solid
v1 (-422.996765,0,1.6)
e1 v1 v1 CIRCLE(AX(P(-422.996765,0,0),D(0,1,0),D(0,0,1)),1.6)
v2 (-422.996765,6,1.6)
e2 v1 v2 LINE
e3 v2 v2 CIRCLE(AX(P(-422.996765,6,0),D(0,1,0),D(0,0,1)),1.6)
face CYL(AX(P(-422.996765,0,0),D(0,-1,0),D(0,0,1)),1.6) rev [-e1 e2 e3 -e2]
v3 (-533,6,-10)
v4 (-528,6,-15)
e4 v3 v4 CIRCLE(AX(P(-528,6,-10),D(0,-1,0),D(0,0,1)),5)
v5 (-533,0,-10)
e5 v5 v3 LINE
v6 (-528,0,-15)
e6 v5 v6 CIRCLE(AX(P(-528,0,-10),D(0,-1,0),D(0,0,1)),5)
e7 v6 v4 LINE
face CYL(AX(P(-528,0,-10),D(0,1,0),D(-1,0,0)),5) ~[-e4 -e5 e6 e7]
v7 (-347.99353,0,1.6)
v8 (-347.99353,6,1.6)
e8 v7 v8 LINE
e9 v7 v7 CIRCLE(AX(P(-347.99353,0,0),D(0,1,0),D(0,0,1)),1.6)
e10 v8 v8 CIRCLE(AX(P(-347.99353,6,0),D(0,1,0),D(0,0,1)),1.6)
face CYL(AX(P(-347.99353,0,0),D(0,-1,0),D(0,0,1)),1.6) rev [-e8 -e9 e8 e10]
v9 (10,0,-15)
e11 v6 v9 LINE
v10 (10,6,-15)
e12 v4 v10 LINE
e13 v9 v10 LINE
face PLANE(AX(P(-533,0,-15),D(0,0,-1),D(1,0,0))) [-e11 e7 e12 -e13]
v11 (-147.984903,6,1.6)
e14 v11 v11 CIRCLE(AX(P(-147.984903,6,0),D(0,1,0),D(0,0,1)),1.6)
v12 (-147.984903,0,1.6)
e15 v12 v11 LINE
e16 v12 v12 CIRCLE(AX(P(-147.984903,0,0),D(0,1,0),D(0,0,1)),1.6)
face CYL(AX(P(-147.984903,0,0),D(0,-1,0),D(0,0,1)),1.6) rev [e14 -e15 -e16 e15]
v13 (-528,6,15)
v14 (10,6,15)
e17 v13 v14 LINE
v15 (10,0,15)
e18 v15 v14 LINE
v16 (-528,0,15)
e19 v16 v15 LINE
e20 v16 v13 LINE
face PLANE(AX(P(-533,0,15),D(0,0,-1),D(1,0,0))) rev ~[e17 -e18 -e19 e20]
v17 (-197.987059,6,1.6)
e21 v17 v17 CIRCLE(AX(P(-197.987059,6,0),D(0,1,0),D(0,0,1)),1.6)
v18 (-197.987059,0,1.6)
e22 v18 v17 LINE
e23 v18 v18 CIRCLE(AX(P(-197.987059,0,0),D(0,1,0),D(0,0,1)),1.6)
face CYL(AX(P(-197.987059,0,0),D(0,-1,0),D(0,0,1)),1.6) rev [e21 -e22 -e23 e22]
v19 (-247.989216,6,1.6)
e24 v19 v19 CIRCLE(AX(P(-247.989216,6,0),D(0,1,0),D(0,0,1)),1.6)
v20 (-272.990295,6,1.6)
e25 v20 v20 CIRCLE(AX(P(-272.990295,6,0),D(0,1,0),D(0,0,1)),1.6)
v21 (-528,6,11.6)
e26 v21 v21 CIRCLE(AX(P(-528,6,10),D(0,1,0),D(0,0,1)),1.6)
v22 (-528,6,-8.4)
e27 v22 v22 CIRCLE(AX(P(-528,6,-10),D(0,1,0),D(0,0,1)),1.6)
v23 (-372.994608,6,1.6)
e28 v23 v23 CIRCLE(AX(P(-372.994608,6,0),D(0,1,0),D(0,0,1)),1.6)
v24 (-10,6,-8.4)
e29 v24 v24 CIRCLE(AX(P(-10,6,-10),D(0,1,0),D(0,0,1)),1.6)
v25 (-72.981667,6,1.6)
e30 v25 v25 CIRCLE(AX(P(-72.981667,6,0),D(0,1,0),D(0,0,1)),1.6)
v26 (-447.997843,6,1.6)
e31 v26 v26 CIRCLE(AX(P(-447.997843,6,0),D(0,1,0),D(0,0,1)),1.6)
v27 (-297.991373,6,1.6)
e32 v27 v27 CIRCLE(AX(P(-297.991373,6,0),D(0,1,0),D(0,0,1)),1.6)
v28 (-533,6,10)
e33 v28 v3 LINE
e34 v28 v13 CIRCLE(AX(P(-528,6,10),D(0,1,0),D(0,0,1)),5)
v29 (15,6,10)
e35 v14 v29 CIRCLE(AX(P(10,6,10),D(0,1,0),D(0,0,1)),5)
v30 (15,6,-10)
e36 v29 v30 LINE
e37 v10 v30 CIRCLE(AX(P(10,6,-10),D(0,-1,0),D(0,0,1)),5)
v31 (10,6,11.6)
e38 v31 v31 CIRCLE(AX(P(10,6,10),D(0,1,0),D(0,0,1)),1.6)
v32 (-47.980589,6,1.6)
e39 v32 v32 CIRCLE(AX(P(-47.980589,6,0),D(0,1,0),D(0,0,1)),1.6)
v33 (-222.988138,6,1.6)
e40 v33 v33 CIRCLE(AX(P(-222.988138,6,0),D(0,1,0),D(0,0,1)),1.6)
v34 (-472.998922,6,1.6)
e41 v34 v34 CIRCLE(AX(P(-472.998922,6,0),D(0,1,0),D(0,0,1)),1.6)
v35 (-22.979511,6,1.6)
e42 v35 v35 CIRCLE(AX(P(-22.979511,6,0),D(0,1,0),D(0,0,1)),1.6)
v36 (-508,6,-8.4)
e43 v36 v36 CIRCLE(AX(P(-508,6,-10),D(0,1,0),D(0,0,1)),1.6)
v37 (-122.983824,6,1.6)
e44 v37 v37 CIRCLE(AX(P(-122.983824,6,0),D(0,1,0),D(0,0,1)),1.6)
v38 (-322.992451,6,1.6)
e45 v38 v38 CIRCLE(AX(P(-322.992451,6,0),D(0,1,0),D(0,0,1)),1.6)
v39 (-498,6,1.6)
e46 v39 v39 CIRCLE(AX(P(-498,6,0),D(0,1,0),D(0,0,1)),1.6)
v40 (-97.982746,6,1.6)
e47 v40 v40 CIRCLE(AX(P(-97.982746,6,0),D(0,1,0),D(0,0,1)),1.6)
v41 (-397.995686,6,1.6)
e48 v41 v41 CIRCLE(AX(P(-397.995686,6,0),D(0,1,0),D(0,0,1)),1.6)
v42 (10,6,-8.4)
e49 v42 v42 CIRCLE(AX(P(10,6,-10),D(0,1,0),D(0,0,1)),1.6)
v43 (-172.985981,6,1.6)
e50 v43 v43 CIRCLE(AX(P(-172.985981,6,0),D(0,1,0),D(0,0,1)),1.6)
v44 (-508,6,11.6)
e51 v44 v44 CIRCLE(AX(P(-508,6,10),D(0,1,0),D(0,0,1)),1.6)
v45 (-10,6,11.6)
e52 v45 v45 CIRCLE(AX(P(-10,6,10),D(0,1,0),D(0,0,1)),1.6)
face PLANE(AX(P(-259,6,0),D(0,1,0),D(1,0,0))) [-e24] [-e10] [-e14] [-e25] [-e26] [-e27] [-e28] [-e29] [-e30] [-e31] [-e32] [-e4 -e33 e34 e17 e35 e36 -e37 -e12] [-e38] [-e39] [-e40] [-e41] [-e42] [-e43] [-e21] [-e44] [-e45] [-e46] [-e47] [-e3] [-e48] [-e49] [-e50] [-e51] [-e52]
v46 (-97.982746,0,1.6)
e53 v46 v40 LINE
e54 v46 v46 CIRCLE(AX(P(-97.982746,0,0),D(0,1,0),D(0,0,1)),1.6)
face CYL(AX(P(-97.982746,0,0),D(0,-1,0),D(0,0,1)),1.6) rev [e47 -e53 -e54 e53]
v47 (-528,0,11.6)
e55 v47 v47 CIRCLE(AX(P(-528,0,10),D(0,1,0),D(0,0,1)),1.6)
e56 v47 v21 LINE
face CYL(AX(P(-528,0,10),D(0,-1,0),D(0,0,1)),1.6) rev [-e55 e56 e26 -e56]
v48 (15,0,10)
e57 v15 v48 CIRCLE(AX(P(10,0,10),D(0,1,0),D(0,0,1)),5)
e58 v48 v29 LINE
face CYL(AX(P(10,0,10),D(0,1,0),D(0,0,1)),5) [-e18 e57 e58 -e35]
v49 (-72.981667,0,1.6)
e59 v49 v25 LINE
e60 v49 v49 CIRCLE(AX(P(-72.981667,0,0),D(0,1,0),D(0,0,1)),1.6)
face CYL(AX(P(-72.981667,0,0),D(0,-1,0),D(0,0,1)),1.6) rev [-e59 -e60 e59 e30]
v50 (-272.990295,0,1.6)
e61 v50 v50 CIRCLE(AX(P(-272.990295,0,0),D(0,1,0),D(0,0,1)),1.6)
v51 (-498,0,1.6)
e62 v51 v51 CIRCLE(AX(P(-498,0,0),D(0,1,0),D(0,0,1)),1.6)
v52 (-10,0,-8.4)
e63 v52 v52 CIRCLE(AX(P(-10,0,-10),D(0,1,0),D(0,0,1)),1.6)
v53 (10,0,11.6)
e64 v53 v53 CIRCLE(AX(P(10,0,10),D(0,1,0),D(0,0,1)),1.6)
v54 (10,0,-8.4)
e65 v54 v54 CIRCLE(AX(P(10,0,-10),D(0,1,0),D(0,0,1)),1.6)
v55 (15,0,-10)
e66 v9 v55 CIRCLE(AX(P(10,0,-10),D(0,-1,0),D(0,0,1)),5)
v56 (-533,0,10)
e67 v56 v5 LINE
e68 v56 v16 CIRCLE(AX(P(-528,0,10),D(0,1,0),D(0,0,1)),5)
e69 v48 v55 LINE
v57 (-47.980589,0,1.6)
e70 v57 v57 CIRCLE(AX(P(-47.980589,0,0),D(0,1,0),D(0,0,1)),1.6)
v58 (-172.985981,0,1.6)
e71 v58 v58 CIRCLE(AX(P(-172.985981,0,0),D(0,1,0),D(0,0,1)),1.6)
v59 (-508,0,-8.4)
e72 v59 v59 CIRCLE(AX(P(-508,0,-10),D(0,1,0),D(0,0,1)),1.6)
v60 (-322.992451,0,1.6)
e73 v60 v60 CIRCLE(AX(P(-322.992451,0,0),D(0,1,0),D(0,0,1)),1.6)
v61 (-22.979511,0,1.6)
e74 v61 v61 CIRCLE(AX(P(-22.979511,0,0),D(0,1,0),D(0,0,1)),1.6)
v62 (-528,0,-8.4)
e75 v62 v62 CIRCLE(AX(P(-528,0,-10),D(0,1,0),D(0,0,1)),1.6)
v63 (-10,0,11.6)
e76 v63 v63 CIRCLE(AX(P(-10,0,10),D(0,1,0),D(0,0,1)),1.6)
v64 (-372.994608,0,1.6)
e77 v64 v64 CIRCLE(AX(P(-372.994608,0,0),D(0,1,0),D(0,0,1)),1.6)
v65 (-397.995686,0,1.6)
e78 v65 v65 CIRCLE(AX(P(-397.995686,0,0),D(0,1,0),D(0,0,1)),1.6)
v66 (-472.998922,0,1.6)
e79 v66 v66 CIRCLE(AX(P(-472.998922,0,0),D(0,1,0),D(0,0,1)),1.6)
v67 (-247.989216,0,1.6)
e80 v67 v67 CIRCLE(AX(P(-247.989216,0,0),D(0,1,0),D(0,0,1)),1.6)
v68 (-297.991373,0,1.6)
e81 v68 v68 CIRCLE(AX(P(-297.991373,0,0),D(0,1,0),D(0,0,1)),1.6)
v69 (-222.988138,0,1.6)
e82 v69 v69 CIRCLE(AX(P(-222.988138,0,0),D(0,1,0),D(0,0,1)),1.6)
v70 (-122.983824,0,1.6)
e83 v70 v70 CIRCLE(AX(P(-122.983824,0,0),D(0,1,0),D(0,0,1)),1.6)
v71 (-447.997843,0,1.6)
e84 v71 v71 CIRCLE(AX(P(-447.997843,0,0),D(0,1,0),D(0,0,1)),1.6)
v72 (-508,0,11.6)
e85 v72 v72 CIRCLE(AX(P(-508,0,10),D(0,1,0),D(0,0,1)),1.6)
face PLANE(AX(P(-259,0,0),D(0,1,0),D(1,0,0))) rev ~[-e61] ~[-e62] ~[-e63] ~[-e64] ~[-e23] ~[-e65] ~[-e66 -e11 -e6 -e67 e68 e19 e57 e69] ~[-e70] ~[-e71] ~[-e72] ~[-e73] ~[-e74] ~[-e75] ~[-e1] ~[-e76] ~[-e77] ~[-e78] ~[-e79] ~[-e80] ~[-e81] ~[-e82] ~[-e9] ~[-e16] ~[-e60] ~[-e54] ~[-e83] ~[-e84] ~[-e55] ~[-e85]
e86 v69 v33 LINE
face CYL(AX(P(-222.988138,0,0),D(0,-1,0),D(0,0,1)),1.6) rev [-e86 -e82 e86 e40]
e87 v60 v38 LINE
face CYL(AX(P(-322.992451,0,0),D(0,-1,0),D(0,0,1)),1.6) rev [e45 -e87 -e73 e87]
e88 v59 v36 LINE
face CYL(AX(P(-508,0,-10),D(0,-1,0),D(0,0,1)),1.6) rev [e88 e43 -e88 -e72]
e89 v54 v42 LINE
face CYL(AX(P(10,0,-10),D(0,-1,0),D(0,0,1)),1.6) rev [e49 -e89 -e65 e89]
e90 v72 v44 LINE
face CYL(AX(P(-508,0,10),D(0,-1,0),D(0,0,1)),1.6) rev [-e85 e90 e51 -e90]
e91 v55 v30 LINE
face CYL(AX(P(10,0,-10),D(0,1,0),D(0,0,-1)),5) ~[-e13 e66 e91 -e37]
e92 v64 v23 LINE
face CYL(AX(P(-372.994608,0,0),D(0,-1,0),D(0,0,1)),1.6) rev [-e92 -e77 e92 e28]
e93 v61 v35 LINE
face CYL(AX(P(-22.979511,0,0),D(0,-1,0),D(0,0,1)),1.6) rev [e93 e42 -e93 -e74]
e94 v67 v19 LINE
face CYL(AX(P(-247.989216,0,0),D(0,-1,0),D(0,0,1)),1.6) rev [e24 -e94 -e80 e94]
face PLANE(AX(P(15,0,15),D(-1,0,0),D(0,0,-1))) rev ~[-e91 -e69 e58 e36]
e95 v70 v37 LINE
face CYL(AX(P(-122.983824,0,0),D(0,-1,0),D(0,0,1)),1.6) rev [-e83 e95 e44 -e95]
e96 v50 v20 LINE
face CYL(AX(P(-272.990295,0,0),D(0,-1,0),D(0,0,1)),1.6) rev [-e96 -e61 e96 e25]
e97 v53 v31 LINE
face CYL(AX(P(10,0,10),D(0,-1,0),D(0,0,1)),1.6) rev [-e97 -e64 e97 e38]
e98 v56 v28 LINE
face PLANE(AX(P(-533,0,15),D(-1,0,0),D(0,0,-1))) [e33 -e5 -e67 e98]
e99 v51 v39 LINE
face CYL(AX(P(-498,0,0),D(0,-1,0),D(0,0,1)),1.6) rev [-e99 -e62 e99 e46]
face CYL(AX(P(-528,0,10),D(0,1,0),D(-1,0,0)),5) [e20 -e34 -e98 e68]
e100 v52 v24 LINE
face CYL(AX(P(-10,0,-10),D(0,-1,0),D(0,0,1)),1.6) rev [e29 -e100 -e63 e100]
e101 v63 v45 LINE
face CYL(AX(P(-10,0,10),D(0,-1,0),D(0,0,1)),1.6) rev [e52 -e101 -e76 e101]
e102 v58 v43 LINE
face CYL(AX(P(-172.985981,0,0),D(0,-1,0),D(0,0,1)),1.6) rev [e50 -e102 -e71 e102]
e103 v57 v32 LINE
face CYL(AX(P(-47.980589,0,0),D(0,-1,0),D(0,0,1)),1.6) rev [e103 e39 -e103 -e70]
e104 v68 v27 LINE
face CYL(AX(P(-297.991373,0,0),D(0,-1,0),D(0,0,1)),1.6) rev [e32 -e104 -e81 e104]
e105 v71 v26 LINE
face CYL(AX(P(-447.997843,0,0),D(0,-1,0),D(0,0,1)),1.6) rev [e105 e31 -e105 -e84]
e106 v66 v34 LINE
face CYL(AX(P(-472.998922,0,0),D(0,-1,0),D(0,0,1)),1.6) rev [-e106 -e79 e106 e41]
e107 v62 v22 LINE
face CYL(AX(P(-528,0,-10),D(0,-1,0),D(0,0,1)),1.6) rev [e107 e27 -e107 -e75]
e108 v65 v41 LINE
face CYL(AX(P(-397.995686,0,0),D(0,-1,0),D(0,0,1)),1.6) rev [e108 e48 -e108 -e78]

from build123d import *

# Parameters (mm, degrees)
SKETCH5_W           = 548
SKETCH5_H           = 30
SKETCH5_R           = 1.6
BOSS_EXTRUDE1_DEPTH = 6
FILLET1_R           = 5


with BuildPart() as part:
    # Sketch5 → Boss-Extrude1 (new body)
    with BuildSketch(Plane(origin=(0, 0, 0), x_dir=(1, 0, 0), z_dir=(0, 1, 0))):
        with Locations((-259, 0)):
            Rectangle(SKETCH5_W, SKETCH5_H)
        with Locations(Location((-10, 10, 0), (0, 0, 270))):
            Circle(SKETCH5_R, mode=Mode.SUBTRACT)
        with Locations(Location((10, 10, 0), (0, 0, 270))):
            Circle(SKETCH5_R, mode=Mode.SUBTRACT)
        with Locations(Location((10, -10, 0), (0, 0, 270))):
            Circle(SKETCH5_R, mode=Mode.SUBTRACT)
        with Locations(Location((-10, -10, 0), (0, 0, 270))):
            Circle(SKETCH5_R, mode=Mode.SUBTRACT)
        with Locations(Location((-508, -10, 0), (0, 0, 270))):
            Circle(SKETCH5_R, mode=Mode.SUBTRACT)
        with Locations(Location((-508, 10, 0), (0, 0, 270))):
            Circle(SKETCH5_R, mode=Mode.SUBTRACT)
        with Locations(Location((-528, 10, 0), (0, 0, 270))):
            Circle(SKETCH5_R, mode=Mode.SUBTRACT)
        with Locations(Location((-528, -10, 0), (0, 0, 270))):
            Circle(SKETCH5_R, mode=Mode.SUBTRACT)
        with Locations(Location((-498, 0, 0), (0, 0, 270))):
            Circle(SKETCH5_R, mode=Mode.SUBTRACT)
        with Locations(Location((-472.998921612, 0, 0), (0, 0, 270))):
            Circle(SKETCH5_R, mode=Mode.SUBTRACT)
        with Locations(Location((-447.997843225, 0, 0), (0, 0, 270))):
            Circle(SKETCH5_R, mode=Mode.SUBTRACT)
        with Locations(Location((-422.996764837, 0, 0), (0, 0, 270))):
            Circle(SKETCH5_R, mode=Mode.SUBTRACT)
        with Locations(Location((-397.995686449, 0, 0), (0, 0, 270))):
            Circle(SKETCH5_R, mode=Mode.SUBTRACT)
        with Locations(Location((-372.994608062, 0, 0), (0, 0, 270))):
            Circle(SKETCH5_R, mode=Mode.SUBTRACT)
        with Locations(Location((-347.993529674, 0, 0), (0, 0, 270))):
            Circle(SKETCH5_R, mode=Mode.SUBTRACT)
        with Locations(Location((-322.992451286, 0, 0), (0, 0, 270))):
            Circle(SKETCH5_R, mode=Mode.SUBTRACT)
        with Locations(Location((-297.991372899, 0, 0), (0, 0, 270))):
            Circle(SKETCH5_R, mode=Mode.SUBTRACT)
        with Locations(Location((-272.990294511, 0, 0), (0, 0, 270))):
            Circle(SKETCH5_R, mode=Mode.SUBTRACT)
        with Locations(Location((-247.989216123, 0, 0), (0, 0, 270))):
            Circle(SKETCH5_R, mode=Mode.SUBTRACT)
        with Locations(Location((-222.988137735, 0, 0), (0, 0, 270))):
            Circle(SKETCH5_R, mode=Mode.SUBTRACT)
        with Locations(Location((-197.987059348, 0, 0), (0, 0, 270))):
            Circle(SKETCH5_R, mode=Mode.SUBTRACT)
        with Locations(Location((-172.98598096, 0, 0), (0, 0, 270))):
            Circle(SKETCH5_R, mode=Mode.SUBTRACT)
        with Locations(Location((-147.984902572, 0, 0), (0, 0, 270))):
            Circle(SKETCH5_R, mode=Mode.SUBTRACT)
        with Locations(Location((-122.983824185, 0, 0), (0, 0, 270))):
            Circle(SKETCH5_R, mode=Mode.SUBTRACT)
        with Locations(Location((-97.982745797, 0, 0), (0, 0, 270))):
            Circle(SKETCH5_R, mode=Mode.SUBTRACT)
        with Locations(Location((-72.981667409, 0, 0), (0, 0, 270))):
            Circle(SKETCH5_R, mode=Mode.SUBTRACT)
        with Locations(Location((-47.980589022, 0, 0), (0, 0, 270))):
            Circle(SKETCH5_R, mode=Mode.SUBTRACT)
        with Locations(Location((-22.979510634, 0, 0), (0, 0, 270))):
            Circle(SKETCH5_R, mode=Mode.SUBTRACT)
    extrude(amount=BOSS_EXTRUDE1_DEPTH)

    # Fillet1
    fillet1_edges = [part.edges().sort_by_distance(p)[0] for p in [
        (-533, 3, 15),
        (-533, 3, -15),
        (15, 3, -15),
        (15, 3, 15),
    ]]
    fillet(fillet1_edges, radius=FILLET1_R)


solid = part.part
